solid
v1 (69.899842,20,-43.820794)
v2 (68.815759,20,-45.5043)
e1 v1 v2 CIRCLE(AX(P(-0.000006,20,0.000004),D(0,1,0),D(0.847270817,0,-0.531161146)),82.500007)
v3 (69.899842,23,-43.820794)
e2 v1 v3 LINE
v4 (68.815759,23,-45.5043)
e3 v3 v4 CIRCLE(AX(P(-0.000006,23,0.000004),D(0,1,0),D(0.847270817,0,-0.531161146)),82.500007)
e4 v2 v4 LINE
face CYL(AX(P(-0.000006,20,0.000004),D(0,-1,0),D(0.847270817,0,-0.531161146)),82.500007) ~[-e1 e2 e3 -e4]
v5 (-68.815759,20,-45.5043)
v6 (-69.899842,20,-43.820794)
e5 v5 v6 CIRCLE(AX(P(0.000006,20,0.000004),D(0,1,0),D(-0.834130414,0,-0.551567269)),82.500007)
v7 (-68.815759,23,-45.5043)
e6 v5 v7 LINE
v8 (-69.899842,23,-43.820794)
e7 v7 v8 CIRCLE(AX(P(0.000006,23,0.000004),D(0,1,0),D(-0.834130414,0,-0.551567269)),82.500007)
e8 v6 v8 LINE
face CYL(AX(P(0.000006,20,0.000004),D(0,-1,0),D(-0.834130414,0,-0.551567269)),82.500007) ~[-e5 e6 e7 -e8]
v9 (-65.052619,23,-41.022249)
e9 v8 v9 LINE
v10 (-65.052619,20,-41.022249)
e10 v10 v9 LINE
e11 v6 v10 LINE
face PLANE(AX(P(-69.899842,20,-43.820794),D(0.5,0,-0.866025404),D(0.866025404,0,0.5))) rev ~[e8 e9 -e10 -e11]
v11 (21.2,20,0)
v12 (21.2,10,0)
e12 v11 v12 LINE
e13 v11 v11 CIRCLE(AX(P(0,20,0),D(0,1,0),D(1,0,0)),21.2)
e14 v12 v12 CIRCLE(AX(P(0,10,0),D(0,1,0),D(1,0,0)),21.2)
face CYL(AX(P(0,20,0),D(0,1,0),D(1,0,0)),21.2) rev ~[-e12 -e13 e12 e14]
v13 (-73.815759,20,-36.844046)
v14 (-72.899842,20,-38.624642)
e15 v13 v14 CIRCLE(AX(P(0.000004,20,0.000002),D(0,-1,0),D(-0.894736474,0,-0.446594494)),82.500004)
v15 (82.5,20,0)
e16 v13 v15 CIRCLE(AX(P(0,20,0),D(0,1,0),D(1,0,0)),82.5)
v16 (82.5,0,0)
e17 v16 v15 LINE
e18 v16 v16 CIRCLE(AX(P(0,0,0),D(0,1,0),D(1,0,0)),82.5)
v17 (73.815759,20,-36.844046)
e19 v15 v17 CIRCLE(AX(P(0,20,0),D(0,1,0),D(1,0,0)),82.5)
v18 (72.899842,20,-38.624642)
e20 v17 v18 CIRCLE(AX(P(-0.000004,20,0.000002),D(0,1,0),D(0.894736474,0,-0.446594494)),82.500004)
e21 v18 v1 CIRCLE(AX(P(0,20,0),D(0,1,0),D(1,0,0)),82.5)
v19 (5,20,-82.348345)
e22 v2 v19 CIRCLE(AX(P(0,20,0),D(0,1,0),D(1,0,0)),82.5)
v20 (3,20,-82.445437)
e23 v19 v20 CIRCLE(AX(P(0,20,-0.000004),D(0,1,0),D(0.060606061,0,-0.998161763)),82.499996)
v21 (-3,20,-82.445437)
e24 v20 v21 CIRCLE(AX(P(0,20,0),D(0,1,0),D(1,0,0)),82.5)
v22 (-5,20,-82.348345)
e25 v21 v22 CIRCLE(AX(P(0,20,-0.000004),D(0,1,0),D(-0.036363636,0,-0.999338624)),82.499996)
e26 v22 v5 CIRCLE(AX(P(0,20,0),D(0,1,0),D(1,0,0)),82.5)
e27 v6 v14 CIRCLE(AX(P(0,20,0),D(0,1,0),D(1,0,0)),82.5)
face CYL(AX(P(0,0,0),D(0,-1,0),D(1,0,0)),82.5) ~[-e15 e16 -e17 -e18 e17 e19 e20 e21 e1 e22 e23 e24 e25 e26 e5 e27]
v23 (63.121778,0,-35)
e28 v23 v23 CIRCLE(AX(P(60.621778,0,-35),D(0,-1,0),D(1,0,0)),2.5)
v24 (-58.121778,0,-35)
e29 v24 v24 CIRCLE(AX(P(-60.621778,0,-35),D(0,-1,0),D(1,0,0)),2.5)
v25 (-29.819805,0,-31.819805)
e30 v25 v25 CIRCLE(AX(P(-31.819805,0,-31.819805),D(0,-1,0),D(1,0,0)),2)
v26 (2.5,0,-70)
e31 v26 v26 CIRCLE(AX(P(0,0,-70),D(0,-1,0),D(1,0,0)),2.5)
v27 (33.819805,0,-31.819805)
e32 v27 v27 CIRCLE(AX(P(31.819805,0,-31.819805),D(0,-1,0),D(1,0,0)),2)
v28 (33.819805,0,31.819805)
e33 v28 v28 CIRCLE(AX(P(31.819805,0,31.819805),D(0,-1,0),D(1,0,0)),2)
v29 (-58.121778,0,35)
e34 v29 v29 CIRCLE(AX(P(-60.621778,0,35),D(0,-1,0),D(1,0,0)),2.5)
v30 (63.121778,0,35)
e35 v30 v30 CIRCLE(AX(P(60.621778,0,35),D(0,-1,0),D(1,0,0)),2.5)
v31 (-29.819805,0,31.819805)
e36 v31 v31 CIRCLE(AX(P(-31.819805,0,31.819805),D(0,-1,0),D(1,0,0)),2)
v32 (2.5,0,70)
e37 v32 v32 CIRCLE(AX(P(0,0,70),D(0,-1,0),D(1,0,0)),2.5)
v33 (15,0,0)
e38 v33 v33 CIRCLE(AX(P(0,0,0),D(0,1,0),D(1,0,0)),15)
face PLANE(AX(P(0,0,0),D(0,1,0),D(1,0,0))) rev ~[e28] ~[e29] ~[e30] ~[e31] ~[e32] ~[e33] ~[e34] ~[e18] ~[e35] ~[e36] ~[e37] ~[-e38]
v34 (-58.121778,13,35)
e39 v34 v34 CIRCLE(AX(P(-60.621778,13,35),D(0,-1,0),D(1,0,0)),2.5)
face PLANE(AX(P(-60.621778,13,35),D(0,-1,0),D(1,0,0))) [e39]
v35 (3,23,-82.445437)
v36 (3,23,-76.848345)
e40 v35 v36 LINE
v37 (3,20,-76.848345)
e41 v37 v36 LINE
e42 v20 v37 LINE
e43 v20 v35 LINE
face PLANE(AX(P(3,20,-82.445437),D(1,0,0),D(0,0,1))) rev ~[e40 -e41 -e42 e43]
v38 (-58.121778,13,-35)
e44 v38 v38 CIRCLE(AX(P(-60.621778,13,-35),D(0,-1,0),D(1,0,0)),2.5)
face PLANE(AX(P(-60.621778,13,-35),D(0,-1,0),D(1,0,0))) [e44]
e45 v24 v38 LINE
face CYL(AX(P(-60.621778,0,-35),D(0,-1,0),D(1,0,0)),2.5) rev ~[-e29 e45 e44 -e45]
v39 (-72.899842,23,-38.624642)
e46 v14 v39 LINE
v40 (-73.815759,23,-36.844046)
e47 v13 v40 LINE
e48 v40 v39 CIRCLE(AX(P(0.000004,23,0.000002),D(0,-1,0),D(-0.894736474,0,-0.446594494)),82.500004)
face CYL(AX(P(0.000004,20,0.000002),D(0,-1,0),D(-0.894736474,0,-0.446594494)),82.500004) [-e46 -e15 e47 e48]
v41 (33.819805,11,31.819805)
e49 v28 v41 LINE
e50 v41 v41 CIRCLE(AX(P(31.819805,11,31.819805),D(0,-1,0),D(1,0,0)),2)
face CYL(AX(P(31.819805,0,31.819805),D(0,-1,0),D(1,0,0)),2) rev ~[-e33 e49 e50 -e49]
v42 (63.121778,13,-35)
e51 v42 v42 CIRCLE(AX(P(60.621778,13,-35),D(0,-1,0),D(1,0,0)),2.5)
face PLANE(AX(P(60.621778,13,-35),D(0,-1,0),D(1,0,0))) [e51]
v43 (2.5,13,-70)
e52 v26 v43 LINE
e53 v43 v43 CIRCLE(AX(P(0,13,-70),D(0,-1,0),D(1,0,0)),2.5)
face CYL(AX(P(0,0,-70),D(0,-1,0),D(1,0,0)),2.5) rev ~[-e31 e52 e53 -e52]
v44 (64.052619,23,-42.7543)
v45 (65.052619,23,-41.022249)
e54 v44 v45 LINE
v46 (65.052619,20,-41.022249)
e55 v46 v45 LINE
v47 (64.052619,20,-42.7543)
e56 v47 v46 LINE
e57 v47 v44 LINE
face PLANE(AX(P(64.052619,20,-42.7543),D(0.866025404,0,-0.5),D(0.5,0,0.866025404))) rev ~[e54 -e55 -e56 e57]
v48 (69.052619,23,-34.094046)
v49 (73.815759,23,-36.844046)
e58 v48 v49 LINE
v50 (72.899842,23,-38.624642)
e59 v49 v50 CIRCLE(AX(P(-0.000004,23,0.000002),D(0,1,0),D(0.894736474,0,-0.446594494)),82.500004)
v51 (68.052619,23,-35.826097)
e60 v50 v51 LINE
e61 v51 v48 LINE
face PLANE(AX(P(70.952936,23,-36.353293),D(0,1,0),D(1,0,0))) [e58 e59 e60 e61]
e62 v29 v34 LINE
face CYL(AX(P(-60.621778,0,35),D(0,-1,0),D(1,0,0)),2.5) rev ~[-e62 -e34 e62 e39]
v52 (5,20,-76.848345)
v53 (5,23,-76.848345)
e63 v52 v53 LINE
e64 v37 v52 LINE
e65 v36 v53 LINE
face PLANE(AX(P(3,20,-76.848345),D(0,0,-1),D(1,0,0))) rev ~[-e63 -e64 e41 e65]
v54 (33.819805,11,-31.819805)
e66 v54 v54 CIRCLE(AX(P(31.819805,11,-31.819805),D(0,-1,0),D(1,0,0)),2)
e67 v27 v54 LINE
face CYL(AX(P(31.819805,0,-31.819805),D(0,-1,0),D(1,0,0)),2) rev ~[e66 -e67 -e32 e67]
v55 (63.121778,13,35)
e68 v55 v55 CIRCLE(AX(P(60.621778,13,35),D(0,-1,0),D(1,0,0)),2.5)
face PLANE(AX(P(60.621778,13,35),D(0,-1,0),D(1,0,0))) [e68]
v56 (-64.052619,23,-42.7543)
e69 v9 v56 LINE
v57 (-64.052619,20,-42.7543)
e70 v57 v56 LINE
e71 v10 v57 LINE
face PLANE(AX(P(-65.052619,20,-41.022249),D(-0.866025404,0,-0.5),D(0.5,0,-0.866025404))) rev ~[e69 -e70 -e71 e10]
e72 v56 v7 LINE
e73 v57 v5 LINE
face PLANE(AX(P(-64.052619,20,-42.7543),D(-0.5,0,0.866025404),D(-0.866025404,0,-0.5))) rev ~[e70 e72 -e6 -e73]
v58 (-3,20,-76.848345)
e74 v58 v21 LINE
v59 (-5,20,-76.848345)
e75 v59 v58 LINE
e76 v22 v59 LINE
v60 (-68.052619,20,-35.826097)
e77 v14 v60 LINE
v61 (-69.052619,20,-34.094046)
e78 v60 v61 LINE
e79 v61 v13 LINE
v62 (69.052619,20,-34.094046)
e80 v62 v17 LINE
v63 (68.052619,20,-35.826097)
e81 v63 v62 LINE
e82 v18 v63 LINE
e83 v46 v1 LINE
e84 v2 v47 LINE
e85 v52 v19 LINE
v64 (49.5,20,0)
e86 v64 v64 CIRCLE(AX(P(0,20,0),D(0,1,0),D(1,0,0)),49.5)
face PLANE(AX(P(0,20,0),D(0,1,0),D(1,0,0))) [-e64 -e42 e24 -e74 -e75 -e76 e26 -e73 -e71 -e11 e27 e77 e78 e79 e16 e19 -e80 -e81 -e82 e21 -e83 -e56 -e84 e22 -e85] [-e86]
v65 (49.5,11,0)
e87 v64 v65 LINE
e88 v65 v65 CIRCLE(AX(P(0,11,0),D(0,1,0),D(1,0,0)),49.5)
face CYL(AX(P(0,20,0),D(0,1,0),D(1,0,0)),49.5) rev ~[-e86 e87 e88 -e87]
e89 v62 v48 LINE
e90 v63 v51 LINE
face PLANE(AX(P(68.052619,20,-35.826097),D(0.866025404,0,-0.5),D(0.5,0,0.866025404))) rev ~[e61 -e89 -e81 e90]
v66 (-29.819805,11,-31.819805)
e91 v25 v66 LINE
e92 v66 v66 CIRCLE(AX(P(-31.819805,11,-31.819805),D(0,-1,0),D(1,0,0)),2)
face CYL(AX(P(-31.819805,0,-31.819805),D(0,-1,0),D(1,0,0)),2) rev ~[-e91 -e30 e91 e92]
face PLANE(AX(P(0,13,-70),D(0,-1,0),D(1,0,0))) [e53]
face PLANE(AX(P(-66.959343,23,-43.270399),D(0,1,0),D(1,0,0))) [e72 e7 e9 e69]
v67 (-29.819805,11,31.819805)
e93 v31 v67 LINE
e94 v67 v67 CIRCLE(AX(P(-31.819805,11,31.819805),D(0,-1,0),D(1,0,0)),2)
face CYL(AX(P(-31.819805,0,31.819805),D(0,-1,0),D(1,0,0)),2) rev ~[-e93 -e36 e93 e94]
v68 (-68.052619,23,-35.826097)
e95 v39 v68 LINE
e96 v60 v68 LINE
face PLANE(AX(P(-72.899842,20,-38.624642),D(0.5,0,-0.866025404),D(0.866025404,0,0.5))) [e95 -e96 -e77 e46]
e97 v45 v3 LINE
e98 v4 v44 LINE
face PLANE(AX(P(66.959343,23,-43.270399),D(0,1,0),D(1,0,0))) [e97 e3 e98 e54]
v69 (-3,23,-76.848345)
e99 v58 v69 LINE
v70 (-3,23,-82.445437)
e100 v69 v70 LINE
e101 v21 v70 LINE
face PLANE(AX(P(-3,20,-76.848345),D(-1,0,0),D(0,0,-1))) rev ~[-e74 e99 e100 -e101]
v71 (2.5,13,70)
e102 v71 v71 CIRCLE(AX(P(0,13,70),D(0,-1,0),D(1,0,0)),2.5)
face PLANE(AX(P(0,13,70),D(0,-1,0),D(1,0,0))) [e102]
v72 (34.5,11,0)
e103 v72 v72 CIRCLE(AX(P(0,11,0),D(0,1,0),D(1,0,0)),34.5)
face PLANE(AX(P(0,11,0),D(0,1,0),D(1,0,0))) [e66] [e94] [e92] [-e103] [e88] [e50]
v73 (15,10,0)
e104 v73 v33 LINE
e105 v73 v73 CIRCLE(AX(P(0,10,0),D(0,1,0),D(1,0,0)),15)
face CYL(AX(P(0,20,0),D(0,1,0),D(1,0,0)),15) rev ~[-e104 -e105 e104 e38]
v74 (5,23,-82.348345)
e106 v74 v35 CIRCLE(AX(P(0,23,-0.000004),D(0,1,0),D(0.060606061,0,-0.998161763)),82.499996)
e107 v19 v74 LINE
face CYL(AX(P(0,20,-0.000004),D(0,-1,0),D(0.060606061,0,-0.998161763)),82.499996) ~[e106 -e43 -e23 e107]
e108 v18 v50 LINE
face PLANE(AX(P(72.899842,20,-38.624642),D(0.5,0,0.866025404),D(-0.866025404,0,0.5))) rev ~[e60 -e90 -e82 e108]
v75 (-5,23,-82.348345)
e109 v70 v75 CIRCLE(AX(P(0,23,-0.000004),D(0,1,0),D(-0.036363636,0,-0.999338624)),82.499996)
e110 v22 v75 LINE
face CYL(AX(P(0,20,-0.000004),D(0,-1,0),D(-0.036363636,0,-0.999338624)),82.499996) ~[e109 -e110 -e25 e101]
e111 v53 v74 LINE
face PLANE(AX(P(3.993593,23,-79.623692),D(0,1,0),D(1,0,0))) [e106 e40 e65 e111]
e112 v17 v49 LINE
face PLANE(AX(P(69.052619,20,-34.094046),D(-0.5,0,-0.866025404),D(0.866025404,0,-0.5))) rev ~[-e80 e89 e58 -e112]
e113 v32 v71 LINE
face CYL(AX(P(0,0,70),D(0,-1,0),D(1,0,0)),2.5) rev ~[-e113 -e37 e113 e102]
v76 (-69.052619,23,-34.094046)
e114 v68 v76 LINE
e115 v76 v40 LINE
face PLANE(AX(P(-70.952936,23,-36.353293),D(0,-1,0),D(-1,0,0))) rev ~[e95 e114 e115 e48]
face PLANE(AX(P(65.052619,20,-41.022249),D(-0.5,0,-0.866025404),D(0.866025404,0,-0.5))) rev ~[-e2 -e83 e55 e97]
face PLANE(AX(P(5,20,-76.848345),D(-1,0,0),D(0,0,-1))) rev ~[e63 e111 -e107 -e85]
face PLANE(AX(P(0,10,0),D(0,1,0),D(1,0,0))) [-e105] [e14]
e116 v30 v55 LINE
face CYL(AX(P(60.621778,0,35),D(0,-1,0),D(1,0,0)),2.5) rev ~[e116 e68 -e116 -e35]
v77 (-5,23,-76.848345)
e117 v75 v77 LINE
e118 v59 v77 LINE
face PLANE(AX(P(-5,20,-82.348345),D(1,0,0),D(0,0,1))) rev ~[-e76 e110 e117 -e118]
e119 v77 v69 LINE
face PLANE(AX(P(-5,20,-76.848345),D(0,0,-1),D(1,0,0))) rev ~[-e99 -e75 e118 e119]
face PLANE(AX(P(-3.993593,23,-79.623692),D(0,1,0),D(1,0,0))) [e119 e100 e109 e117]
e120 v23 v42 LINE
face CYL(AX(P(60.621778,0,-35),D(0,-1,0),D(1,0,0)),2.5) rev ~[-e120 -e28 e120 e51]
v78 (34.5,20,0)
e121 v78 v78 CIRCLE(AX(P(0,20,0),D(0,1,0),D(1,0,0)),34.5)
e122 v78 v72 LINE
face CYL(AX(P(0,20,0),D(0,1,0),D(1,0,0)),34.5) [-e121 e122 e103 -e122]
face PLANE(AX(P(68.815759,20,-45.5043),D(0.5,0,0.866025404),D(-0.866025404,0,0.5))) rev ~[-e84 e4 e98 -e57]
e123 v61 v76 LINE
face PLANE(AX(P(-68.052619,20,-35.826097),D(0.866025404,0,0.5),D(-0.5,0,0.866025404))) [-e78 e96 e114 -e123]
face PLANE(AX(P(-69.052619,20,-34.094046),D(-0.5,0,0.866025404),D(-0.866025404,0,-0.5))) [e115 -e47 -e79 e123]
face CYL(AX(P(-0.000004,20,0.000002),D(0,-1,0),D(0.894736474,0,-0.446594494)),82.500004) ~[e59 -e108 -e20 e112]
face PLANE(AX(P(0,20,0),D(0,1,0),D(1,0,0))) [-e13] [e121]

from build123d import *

# Parameters (mm, degrees)
SKETCH1_R           = 82.5
BOSS_EXTRUDE1_DEPTH = 20
SKETCH2_R           = 15
CUT_EXTRUDE1_DEPTH  = 20
SKETCH3_R           = 49.5
SKETCH3_R_2         = 34.5
CUT_EXTRUDE2_DEPTH  = 9
SKETCH4_R           = 2.5
CUT_EXTRUDE3_DEPTH  = 13
SKETCH5_R           = 2
CUT_EXTRUDE4_DEPTH  = 17
SKETCH7_R           = 21.2
SKETCH7_R_2         = 15
CUT_EXTRUDE5_DEPTH  = 10
BOSS_EXTRUDE2_DEPTH = 3


with BuildPart() as part:
    # Sketch1 → Boss-Extrude1 (new body)
    with BuildSketch(Plane(origin=(0, 0, 0), x_dir=(1, 0, 0), z_dir=(0, 1, 0))):
        Circle(SKETCH1_R)
    extrude(amount=BOSS_EXTRUDE1_DEPTH)

    # Sketch2 → Cut-Extrude1 (cut)
    with BuildSketch(Plane(origin=(0, 20, 0), x_dir=(1, 0, 0), z_dir=(0, 1, 0))):
        Circle(SKETCH2_R)
    extrude(amount=-CUT_EXTRUDE1_DEPTH, mode=Mode.SUBTRACT)

    # Sketch3 → Cut-Extrude2 (cut)
    with BuildSketch(Plane(origin=(0, 20, 0), x_dir=(1, 0, 0), z_dir=(0, 1, 0))):
        Circle(SKETCH3_R)
        Circle(SKETCH3_R_2, mode=Mode.SUBTRACT)
    extrude(amount=-CUT_EXTRUDE2_DEPTH, mode=Mode.SUBTRACT)

    # Sketch4 → Cut-Extrude3 (cut)
    with BuildSketch(Plane.XZ):
        with Locations((0, 70)):
            Circle(SKETCH4_R)
        with Locations((60.621778265, 35)):
            Circle(SKETCH4_R)
        with Locations((60.621778265, -35)):
            Circle(SKETCH4_R)
        with Locations((0, -70)):
            Circle(SKETCH4_R)
        with Locations((-60.621778265, -35)):
            Circle(SKETCH4_R)
        with Locations((-60.621778265, 35)):
            Circle(SKETCH4_R)
    extrude(amount=-CUT_EXTRUDE3_DEPTH, mode=Mode.SUBTRACT)

    # Sketch5 → Cut-Extrude4 (cut)
    with BuildSketch(Plane.XZ):
        with Locations((31.819805153, 31.819805153)):
            Circle(SKETCH5_R)
        with Locations((31.819805153, -31.819805153)):
            Circle(SKETCH5_R)
        with Locations((-31.819805153, -31.819805153)):
            Circle(SKETCH5_R)
        with Locations((-31.819805153, 31.819805153)):
            Circle(SKETCH5_R)
    extrude(amount=-CUT_EXTRUDE4_DEPTH, mode=Mode.SUBTRACT)

    # Sketch7 → Cut-Extrude5 (cut)
    with BuildSketch(Plane(origin=(0, 20, 0), x_dir=(1, 0, 0), z_dir=(0, 1, 0))):
        Circle(SKETCH7_R)
        Circle(SKETCH7_R_2, mode=Mode.SUBTRACT)
    extrude(amount=-CUT_EXTRUDE5_DEPTH, mode=Mode.SUBTRACT)

    # Sketch8 → Boss-Extrude2 (add)
    with BuildSketch(Plane(origin=(0, 20, 0), x_dir=(1, 0, 0), z_dir=(0, 1, 0))):
        with BuildLine():
            Line((-5, 82.34834546), (-5, 76.84834546))
            Line((-5, 76.84834546), (-3, 76.84834546))
            Line((-3, 76.84834546), (-3, 82.445436502))
            ThreePointArc((-3, 82.445436502), (-4.000294573, 82.402958948), (-5, 82.34834546))
        make_face()
        with BuildLine():
            Line((5, 76.84834546), (5, 82.34834546))
            ThreePointArc((5, 82.34834546), (4.000294573, 82.402958948), (3, 82.445436502))
            Line((3, 82.445436502), (3, 76.84834546))
            Line((3, 76.84834546), (5, 76.84834546))
        make_face()
        with BuildLine():
            Line((64.052619407, 42.754299749), (65.052619407, 41.022248941))
            Line((65.052619407, 41.022248941), (69.899842437, 43.820794462))
            ThreePointArc((69.899842437, 43.820794462), (69.362908509, 44.665836196), (68.815759128, 45.504299749))
            Line((68.815759128, 45.504299749), (64.052619407, 42.754299749))
        make_face()
        with BuildLine():
            Line((69.052619407, 34.094045711), (73.815759128, 36.844045711))
            ThreePointArc((73.815759128, 36.844045711), (73.363203082, 37.737122751), (72.899842437, 38.62464204))
            Line((72.899842437, 38.62464204), (68.052619407, 35.826096519))
            Line((68.052619407, 35.826096519), (69.052619407, 34.094045711))
        make_face()
        with BuildLine():
            Line((-64.052619407, 42.754299749), (-68.815759128, 45.504299749))
            ThreePointArc((-68.815759128, 45.504299749), (-69.362908509, 44.665836196), (-69.899842437, 43.820794462))
            Line((-69.899842437, 43.820794462), (-65.052619407, 41.022248941))
            Line((-65.052619407, 41.022248941), (-64.052619407, 42.754299749))
        make_face()
        with BuildLine():
            Line((-69.052619407, 34.094045711), (-73.815759128, 36.844045711))
            ThreePointArc((-73.815759128, 36.844045711), (-73.363203082, 37.737122751), (-72.899842437, 38.62464204))
            Line((-72.899842437, 38.62464204), (-68.052619407, 35.826096519))
            Line((-68.052619407, 35.826096519), (-69.052619407, 34.094045711))
        make_face()
    extrude(amount=BOSS_EXTRUDE2_DEPTH)


solid = part.part
